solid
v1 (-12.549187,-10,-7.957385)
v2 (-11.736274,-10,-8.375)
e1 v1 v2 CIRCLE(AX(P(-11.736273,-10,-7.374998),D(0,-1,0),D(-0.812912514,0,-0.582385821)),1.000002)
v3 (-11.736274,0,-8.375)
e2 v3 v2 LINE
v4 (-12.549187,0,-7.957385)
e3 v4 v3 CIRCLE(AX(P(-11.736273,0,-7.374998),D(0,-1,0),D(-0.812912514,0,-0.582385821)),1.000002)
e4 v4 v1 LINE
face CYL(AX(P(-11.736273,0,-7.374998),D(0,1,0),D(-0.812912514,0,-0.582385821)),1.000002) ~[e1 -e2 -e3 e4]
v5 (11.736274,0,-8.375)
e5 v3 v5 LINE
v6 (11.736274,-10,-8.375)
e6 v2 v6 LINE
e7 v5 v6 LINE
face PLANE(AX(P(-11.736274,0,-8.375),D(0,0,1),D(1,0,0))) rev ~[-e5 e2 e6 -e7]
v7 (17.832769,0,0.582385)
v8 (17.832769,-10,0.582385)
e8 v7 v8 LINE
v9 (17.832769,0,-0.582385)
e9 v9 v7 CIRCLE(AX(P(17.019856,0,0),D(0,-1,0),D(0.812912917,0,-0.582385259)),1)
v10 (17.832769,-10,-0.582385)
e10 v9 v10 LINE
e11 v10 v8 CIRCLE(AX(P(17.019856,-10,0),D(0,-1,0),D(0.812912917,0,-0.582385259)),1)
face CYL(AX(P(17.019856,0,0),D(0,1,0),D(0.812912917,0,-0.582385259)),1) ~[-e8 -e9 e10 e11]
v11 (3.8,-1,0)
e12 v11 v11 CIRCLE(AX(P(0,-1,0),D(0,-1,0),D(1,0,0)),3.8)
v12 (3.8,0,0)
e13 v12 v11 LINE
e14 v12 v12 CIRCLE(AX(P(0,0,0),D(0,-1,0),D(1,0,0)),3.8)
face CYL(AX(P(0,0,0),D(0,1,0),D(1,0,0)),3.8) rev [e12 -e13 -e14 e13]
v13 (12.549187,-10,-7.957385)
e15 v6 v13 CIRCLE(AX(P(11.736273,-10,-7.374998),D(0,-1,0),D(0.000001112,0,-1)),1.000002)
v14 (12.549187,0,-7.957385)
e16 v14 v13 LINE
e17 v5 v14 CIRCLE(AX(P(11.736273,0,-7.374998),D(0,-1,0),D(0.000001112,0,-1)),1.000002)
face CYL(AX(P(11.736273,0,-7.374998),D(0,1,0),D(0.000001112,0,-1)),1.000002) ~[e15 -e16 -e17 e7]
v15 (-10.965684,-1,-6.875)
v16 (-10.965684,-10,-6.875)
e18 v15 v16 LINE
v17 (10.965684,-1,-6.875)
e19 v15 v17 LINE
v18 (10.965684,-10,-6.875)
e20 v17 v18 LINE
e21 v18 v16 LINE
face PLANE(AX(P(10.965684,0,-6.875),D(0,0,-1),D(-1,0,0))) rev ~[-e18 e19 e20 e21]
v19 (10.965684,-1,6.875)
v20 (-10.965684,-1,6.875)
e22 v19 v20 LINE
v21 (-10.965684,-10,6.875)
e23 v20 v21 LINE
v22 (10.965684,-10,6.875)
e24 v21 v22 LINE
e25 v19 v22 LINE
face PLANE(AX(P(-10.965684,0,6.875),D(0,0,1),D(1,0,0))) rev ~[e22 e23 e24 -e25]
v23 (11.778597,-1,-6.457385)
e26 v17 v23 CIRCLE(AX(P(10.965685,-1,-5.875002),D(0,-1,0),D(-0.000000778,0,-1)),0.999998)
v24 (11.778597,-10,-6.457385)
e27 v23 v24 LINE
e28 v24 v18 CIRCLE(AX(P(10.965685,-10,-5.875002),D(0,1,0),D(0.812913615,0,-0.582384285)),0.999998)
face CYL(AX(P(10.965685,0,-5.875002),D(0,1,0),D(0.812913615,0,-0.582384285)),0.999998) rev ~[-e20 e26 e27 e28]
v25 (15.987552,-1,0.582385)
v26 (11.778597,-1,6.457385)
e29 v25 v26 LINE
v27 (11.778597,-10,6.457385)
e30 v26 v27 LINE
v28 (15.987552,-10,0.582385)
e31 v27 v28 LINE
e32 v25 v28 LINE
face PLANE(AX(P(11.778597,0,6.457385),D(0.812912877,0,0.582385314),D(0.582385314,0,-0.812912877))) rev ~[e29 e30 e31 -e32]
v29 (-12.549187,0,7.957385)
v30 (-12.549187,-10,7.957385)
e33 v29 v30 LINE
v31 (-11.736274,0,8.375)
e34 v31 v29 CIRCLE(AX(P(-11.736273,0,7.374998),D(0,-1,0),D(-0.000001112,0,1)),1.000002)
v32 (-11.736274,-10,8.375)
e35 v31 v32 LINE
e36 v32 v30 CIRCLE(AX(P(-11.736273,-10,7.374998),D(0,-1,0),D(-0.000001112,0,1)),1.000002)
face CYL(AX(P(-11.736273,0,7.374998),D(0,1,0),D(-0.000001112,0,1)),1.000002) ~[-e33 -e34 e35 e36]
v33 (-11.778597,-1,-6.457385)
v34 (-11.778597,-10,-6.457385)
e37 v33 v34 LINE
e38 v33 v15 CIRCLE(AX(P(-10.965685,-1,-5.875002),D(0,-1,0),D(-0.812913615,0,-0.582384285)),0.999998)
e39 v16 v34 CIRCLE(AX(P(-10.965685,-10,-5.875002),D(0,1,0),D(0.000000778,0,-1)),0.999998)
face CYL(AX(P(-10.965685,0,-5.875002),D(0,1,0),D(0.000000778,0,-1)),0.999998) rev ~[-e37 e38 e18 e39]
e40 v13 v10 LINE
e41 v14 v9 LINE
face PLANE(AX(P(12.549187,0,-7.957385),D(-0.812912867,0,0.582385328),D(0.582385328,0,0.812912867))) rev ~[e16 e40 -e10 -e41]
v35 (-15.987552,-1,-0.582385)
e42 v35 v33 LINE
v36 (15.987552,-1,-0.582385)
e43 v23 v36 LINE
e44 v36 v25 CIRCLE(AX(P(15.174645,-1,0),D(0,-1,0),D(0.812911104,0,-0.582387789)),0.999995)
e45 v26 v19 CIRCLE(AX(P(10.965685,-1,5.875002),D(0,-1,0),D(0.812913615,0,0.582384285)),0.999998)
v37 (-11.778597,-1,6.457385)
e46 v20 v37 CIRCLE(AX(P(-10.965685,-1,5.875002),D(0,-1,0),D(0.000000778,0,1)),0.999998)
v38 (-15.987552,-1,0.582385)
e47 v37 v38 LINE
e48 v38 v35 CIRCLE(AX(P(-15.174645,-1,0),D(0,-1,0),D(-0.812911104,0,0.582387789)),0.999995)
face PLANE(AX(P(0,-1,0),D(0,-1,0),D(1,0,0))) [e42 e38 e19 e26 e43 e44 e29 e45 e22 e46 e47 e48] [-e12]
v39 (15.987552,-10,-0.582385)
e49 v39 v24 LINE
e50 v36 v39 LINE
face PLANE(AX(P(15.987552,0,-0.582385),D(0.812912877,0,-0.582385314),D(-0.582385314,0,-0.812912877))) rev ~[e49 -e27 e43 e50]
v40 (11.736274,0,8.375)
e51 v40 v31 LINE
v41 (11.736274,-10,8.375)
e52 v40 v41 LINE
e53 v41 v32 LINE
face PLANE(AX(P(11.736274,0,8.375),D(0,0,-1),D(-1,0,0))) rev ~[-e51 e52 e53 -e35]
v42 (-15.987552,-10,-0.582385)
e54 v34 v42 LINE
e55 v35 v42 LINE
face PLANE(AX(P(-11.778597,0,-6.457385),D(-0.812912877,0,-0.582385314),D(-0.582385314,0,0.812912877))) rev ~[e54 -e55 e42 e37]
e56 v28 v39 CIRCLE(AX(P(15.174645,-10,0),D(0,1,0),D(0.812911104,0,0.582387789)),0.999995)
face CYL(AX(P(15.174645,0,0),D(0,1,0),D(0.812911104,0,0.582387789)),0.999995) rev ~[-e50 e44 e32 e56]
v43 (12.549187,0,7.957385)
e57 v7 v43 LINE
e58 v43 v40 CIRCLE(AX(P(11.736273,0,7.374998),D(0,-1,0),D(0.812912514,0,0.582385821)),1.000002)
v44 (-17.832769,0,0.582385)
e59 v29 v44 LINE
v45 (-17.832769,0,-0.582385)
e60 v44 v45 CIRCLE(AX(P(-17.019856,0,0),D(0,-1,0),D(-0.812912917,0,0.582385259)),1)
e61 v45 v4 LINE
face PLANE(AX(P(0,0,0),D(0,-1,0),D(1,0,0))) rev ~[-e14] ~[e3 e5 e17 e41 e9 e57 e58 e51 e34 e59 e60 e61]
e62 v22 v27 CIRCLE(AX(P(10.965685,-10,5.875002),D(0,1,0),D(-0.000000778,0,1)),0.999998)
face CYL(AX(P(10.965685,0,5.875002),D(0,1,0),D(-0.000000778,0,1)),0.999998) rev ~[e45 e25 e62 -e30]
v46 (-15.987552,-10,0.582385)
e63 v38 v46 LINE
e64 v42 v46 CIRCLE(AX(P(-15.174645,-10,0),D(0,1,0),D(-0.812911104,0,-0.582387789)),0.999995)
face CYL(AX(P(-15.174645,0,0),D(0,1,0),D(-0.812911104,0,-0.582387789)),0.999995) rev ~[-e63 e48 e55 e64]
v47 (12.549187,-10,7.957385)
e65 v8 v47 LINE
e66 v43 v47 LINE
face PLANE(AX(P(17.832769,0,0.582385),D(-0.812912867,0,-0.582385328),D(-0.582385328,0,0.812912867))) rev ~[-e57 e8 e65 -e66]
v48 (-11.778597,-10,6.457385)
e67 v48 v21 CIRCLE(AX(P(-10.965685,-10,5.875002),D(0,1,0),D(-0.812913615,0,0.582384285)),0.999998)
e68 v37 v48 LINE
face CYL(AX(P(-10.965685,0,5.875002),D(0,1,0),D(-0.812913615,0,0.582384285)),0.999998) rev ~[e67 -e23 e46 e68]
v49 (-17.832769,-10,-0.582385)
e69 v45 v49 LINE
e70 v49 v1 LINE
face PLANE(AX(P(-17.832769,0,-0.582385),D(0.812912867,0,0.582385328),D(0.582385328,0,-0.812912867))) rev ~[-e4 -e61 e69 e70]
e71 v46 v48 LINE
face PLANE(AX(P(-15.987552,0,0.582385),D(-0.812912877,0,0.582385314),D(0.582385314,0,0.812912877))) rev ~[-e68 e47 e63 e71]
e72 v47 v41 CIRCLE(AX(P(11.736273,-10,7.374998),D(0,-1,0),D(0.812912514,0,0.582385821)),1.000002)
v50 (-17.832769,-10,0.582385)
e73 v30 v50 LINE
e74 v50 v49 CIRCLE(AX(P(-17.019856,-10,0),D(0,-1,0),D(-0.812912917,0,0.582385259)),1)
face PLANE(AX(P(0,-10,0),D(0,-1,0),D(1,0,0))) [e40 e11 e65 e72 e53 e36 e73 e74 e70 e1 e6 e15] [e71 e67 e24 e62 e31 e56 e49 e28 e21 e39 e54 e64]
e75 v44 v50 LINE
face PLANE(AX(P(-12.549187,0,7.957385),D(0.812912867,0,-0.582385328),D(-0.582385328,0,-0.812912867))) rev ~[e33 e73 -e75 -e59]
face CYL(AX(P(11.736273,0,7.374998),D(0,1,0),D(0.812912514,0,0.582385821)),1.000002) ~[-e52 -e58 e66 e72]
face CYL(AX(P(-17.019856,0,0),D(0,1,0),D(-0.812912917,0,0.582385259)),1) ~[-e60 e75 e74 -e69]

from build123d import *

# Parameters (mm, degrees)
F0_R     = 3.8
F1_DEPTH = 1
F2_DEPTH = 10


with BuildPart() as f1:
    # F0 (on Front) → F1 (new body)
    with BuildSketch(Plane.XZ):
        with BuildLine():
            Line((-11.778597, 6.457385), (-15.987552, 0.582385))
            ThreePointArc((-15.987552, 0.582385), (-16.17464, 0), (-15.987552, -0.582385))
            Line((-15.987552, -0.582385), (-11.778597, -6.457385))
            ThreePointArc((-11.778597, -6.457385), (-11.422639, -6.76449), (-10.965684, -6.875))
            Line((-10.965684, -6.875), (10.965684, -6.875))
            ThreePointArc((10.965684, -6.875), (11.422639, -6.76449), (11.778597, -6.457385))
            Line((11.778597, -6.457385), (15.987552, -0.582385))
            ThreePointArc((15.987552, -0.582385), (16.17464, 0), (15.987552, 0.582385))
            Line((15.987552, 0.582385), (11.778597, 6.457385))
            ThreePointArc((11.778597, 6.457385), (11.422639, 6.76449), (10.965684, 6.875))
            Line((10.965684, 6.875), (-10.965684, 6.875))
            ThreePointArc((-10.965684, 6.875), (-11.422639, 6.76449), (-11.778597, 6.457385))
        make_face()
        Circle(F0_R, mode=Mode.SUBTRACT)
    extrude(amount=F1_DEPTH)

    # F0 (on Front) → F2 (join)
    with BuildSketch(Plane.XZ):
        with BuildLine():
            Line((11.736274, 8.375), (-11.736274, 8.375))
            ThreePointArc((-11.736274, 8.375), (-12.193228, 8.26449), (-12.549187, 7.957385))
            Line((-12.549187, 7.957385), (-17.832769, 0.582385))
            ThreePointArc((-17.832769, 0.582385), (-18.019856, 0), (-17.832769, -0.582385))
            Line((-17.832769, -0.582385), (-12.549187, -7.957385))
            ThreePointArc((-12.549187, -7.957385), (-12.193228, -8.26449), (-11.736274, -8.375))
            Line((-11.736274, -8.375), (11.736274, -8.375))
            ThreePointArc((11.736274, -8.375), (12.193228, -8.26449), (12.549187, -7.957385))
            Line((12.549187, -7.957385), (17.832769, -0.582385))
            ThreePointArc((17.832769, -0.582385), (18.019856, 0), (17.832769, 0.582385))
            Line((17.832769, 0.582385), (12.549187, 7.957385))
            ThreePointArc((12.549187, 7.957385), (12.193228, 8.26449), (11.736274, 8.375))
        make_face()
        with BuildLine():
            ThreePointArc((-15.987552, -0.582385), (-16.17464, 0), (-15.987552, 0.582385))
            Line((-15.987552, 0.582385), (-11.778597, 6.457385))
            ThreePointArc((-11.778597, 6.457385), (-11.422639, 6.76449), (-10.965684, 6.875))
            Line((-10.965684, 6.875), (10.965684, 6.875))
            ThreePointArc((10.965684, 6.875), (11.422639, 6.76449), (11.778597, 6.457385))
            Line((11.778597, 6.457385), (15.987552, 0.582385))
            ThreePointArc((15.987552, 0.582385), (16.17464, 0), (15.987552, -0.582385))
            Line((15.987552, -0.582385), (11.778597, -6.457385))
            ThreePointArc((11.778597, -6.457385), (11.422639, -6.76449), (10.965684, -6.875))
            Line((10.965684, -6.875), (-10.965684, -6.875))
            ThreePointArc((-10.965684, -6.875), (-11.422639, -6.76449), (-11.778597, -6.457385))
            Line((-11.778597, -6.457385), (-15.987552, -0.582385))
        make_face(mode=Mode.SUBTRACT)
    extrude(amount=F2_DEPTH)


solid = f1.part
